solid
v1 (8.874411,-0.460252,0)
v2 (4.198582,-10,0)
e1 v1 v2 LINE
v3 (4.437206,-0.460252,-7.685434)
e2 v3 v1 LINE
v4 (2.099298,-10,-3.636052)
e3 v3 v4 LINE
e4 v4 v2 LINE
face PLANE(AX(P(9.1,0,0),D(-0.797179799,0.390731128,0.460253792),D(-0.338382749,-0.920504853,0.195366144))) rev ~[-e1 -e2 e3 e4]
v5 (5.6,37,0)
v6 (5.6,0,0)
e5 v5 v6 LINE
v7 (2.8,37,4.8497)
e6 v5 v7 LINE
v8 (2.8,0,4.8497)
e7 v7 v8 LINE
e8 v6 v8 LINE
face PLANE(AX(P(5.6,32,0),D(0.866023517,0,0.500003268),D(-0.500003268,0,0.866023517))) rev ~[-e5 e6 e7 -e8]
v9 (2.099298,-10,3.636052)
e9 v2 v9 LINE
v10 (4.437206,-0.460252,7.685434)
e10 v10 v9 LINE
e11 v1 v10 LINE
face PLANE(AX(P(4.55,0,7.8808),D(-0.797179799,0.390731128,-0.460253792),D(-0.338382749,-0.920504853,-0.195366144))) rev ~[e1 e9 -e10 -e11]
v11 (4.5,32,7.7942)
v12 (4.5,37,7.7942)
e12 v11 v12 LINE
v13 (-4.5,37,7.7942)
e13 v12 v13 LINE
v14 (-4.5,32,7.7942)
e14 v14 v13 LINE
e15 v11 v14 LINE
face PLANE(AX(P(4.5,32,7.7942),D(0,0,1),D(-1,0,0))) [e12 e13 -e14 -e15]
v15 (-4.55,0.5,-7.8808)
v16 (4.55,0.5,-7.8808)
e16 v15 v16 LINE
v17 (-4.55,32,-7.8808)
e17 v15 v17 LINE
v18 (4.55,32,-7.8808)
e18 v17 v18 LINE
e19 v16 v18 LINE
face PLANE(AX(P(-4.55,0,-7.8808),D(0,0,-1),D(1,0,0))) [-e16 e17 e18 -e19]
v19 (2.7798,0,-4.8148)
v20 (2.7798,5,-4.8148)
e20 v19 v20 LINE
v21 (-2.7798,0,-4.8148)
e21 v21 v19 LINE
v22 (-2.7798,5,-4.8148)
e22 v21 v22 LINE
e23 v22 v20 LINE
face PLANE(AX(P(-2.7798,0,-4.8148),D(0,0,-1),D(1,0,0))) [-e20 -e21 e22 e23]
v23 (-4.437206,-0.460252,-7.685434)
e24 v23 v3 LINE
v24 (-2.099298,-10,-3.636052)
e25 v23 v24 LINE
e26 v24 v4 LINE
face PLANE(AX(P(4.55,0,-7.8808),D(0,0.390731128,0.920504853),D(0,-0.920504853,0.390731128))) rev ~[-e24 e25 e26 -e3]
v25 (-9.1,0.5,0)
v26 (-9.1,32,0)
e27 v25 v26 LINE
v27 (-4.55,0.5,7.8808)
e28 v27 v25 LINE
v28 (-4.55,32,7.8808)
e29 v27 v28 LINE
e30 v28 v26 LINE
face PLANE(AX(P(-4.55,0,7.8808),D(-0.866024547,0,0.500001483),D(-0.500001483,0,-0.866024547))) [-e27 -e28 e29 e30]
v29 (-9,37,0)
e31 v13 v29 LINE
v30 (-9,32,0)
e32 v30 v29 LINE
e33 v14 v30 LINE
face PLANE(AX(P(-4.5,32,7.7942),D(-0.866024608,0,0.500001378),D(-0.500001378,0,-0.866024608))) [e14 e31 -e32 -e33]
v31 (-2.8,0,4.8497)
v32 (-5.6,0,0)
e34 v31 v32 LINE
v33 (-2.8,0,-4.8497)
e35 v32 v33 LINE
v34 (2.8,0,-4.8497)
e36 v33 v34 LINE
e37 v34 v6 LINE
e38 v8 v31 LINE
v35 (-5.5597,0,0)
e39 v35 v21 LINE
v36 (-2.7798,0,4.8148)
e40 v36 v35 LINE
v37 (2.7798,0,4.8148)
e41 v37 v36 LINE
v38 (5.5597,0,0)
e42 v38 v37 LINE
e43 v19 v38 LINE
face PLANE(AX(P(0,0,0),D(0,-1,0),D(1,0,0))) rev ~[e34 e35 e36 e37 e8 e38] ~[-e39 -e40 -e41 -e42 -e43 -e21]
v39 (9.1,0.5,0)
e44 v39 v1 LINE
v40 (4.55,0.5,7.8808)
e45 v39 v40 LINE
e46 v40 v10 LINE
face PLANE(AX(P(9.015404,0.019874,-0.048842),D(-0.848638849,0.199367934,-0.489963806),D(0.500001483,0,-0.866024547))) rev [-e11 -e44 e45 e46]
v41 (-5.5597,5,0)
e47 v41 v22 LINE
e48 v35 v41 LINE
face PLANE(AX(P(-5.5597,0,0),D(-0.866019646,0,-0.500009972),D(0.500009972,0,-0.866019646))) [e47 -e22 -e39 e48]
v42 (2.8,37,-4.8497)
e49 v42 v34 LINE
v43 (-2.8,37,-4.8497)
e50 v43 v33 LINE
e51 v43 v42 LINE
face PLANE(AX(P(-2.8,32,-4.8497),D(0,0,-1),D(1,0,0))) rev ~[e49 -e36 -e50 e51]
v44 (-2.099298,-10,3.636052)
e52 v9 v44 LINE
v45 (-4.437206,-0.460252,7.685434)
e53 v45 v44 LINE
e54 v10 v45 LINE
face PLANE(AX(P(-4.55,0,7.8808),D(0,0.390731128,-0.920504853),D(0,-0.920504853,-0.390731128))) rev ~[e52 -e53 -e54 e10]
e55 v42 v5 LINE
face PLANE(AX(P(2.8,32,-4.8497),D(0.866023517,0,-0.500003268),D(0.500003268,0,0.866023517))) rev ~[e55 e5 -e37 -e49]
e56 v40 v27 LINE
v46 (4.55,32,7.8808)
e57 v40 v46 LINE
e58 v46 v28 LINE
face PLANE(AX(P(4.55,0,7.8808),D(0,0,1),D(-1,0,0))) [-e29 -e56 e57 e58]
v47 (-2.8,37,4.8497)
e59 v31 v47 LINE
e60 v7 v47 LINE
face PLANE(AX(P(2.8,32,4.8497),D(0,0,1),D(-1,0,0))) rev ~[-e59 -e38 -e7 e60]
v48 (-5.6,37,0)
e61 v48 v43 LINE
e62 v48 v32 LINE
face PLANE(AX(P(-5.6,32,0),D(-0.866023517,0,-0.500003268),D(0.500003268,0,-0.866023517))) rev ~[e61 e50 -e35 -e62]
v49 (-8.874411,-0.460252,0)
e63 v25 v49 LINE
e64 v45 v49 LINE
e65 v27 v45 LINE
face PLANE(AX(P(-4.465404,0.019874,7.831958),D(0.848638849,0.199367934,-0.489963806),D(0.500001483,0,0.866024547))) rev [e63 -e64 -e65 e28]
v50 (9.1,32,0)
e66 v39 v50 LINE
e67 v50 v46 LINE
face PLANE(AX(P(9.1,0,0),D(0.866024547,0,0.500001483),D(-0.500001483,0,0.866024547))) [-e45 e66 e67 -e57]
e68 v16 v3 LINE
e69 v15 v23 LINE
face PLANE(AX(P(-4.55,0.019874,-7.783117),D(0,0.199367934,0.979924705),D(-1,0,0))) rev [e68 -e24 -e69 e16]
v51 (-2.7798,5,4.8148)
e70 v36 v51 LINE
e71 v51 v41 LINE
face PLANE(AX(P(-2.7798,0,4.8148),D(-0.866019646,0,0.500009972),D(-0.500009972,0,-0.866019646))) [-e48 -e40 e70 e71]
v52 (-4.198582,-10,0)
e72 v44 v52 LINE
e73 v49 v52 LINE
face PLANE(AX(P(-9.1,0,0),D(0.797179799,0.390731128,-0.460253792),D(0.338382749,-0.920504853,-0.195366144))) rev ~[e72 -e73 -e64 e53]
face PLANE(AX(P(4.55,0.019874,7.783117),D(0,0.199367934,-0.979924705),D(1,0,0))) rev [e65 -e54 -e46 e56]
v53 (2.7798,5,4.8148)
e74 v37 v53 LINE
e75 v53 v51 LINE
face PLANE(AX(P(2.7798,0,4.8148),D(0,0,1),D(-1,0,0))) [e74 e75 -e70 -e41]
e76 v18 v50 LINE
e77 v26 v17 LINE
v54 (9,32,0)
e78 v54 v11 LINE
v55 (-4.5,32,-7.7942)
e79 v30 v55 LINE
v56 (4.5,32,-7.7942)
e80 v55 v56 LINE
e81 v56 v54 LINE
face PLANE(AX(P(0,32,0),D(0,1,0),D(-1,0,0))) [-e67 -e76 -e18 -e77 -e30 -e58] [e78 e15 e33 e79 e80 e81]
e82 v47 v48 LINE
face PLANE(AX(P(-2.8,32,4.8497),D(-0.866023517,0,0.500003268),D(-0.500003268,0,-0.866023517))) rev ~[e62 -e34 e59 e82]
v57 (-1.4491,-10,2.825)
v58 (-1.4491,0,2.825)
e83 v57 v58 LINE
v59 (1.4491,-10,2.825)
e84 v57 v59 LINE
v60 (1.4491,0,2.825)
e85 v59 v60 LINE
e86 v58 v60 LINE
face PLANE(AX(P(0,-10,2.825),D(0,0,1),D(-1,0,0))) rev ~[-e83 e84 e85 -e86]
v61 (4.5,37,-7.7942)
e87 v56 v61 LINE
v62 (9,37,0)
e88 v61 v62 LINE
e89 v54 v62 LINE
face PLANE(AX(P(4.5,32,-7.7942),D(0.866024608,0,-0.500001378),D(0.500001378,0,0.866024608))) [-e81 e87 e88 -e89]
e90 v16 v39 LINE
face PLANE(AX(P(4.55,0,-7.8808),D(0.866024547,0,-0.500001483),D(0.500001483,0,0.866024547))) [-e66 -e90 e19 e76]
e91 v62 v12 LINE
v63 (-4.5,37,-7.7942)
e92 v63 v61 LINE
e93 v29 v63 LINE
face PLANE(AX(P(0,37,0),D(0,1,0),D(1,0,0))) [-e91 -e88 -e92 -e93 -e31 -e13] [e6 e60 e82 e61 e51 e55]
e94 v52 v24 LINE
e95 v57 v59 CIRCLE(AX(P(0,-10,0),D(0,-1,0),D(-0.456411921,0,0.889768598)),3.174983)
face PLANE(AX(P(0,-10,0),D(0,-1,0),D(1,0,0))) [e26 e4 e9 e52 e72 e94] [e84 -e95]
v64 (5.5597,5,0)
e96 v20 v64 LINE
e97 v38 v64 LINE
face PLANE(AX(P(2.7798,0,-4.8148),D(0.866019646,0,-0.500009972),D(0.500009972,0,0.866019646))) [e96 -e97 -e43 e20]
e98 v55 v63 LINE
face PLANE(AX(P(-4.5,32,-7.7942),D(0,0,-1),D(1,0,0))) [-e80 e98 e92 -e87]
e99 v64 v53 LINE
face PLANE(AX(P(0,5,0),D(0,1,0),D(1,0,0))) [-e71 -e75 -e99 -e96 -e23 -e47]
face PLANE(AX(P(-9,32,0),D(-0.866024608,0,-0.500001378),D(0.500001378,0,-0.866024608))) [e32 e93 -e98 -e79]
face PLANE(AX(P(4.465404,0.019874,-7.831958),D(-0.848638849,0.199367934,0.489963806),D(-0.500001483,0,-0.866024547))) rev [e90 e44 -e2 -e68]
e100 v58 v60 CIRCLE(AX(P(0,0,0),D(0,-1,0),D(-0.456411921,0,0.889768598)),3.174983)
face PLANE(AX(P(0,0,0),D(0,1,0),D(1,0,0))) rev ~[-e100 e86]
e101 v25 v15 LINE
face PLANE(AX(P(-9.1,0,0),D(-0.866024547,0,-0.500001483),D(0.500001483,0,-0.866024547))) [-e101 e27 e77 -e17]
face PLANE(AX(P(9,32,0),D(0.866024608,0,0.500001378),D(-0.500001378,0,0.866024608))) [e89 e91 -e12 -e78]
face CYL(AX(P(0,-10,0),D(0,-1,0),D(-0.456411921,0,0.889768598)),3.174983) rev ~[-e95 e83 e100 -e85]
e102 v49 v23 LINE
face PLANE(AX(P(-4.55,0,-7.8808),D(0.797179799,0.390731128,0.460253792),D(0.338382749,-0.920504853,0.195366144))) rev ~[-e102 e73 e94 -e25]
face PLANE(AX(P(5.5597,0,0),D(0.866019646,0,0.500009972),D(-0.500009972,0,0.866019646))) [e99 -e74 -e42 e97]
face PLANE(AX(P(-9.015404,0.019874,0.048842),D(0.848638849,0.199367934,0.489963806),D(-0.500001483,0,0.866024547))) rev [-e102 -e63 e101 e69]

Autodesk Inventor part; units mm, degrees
ref_plane "YZ Plane" through (0, 0, 0) normal (1, 0, 0) x (0, 1, 0)
ref_plane "XZ Plane" through (0, 0, 0) normal (0, 1, 0) x (-1, 0, 0)
ref_plane "XY Plane" through (0, 0, 0) normal (0, 0, 1) x (1, 0, 0)
sketch "Boceto11" plane through (0, 0, 0) normal (0, 1, 0) x (-1, 0, 0)
  line L0 (0, 0) -> (5.6, 0)
  line L1 (5.6, 0) -> (2.8, -4.8497)
  line L2 (2.8, -4.8497) -> (-2.8, -4.8497)
  line L3 (-2.8, -4.8497) -> (-5.6, 0)
  line L4 (-5.6, 0) -> (-2.8, 4.8497)
  line L5 (-2.8, 4.8497) -> (2.8, 4.8497)
  line L6 (2.8, 4.8497) -> (5.6, 0)
  line L7 (5.6, 0) -> (9.1, 0)
  line L8 (9.1, 0) -> (4.55, -7.8808)
  line L9 (4.55, -7.8808) -> (-4.55, -7.8808)
  line L10 (-4.55, -7.8808) -> (-9.1, 0)
  line L11 (-9.1, 0) -> (-4.55, 7.8808)
  line L12 (-4.55, 7.8808) -> (4.55, 7.8808)
  line L13 (4.55, 7.8808) -> (9.1, 0)
  dimension "d42" = 5.6
  dimension "d43" = 3.5
extrude "Extrusión10" add sketch "Boceto11" along normal blind 32
sketch "Boceto16" plane through (0, 0, 0) normal (0, -1, 0) x (1, 0, 0)
  line L0 (4.55, 7.8808) -> (9.1, 0) projected
  line L1 (9.1, 0) -> (4.55, -7.8808)
  line L2 (4.55, -7.8808) -> (-4.55, -7.8808)
  line L3 (-4.55, -7.8808) -> (-9.1, 0)
  line L4 (-9.1, 0) -> (-4.55, 7.8808)
  line L5 (-4.55, 7.8808) -> (4.55, 7.8808)
  line L6 (4.55, 7.8808) -> (9.1, 0)
  point P0 (0, 0)
  point P1 (0, 0)
extrude "Extrusión14" add sketch "Boceto16" along normal blind 10 draft -23
sketch "Boceto19" plane through (0, -10, 0) normal (0, -1, 0) x (1, 0, 0)
  line L0 (-2.0993, 3.6361) -> (2.0993, 3.6361) projected
  line L1 (2.0993, -3.6361) -> (-2.0993, -3.6361) projected
  line L2 (2.0993, 3.6361) -> (4.1986, 0) projected
  line L3 (-4.55, -7.8808) -> (-2.0993, -3.6361) projected
  line L4 (-4.1986, 0) -> (-2.0993, 3.6361) projected
  arc A0 (-1.4491, 2.825) -> (1.4491, 2.825) centre (0, 0) ccw
  line L5 (0, 2.825) -> (-1.4491, 2.825)
  line L6 (0, 2.825) -> (1.4491, 2.825)
extrude "Extrusión16" cut sketch "Boceto19" against normal blind 15
sketch "Boceto20" plane through (0, 0, 0) normal (0, 1, 0) x (1, 0, 0)
  line L0 (-4.55, -7.8808) -> (-2.0993, -3.6361) projected
  line L1 (-2.7798, -4.8148) -> (-5.5597, 0)
  line L2 (-5.5597, 0) -> (-2.7798, 4.8148)
  line L3 (-2.7798, 4.8148) -> (2.7798, 4.8148)
  line L4 (2.7798, 4.8148) -> (5.5597, 0)
  line L5 (5.5597, 0) -> (2.7798, -4.8148)
  line L6 (2.7798, -4.8148) -> (-2.7798, -4.8148)
  point P0 (0, 0)
  point P1 (0, 0)
extrude "Extrusión17" add sketch "Boceto20" along normal blind 5
sketch "Boceto21" plane through (0, 32, 0) normal (0, 1, 0) x (1, 0, 0)
  line L0 (-2.8, -4.8497) -> (-5.6, 0) projected
  line L1 (-5.6, 0) -> (-2.8, 4.8497)
  line L2 (-2.8, 4.8497) -> (2.8, 4.8497)
  line L3 (2.8, 4.8497) -> (5.6, 0)
  line L4 (5.6, 0) -> (2.8, -4.8497)
  line L5 (2.8, -4.8497) -> (-2.8, -4.8497)
  line L6 (-2.8, -4.8497) -> (-5.6, 0)
  line L7 (-9, 0) -> (-4.5, 7.7942)
  line L8 (-4.5, 7.7942) -> (4.5, 7.7942)
  line L9 (4.5, 7.7942) -> (9, 0)
  line L10 (9, 0) -> (4.5, -7.7942)
  line L11 (4.5, -7.7942) -> (-4.5, -7.7942)
  line L12 (-4.5, -7.7942) -> (-9, 0)
  point P0 (0, 0)
  point P1 (0, 0)
  point P2 (0, 0)
extrude "Extrusión18" add sketch "Boceto21" along normal blind 5
chamfer "Chaflán1" distance 0.5 angle 45 6 edges at (0, 0, -7.8808) (-6.825, 0, -3.9404) (6.825, 0, -3.9404) (-6.825, 0, 3.9404) (0, 0, 7.8808) (6.825, 0, 3.9404)
properties part number "Bobinatge - acoplament eix"
